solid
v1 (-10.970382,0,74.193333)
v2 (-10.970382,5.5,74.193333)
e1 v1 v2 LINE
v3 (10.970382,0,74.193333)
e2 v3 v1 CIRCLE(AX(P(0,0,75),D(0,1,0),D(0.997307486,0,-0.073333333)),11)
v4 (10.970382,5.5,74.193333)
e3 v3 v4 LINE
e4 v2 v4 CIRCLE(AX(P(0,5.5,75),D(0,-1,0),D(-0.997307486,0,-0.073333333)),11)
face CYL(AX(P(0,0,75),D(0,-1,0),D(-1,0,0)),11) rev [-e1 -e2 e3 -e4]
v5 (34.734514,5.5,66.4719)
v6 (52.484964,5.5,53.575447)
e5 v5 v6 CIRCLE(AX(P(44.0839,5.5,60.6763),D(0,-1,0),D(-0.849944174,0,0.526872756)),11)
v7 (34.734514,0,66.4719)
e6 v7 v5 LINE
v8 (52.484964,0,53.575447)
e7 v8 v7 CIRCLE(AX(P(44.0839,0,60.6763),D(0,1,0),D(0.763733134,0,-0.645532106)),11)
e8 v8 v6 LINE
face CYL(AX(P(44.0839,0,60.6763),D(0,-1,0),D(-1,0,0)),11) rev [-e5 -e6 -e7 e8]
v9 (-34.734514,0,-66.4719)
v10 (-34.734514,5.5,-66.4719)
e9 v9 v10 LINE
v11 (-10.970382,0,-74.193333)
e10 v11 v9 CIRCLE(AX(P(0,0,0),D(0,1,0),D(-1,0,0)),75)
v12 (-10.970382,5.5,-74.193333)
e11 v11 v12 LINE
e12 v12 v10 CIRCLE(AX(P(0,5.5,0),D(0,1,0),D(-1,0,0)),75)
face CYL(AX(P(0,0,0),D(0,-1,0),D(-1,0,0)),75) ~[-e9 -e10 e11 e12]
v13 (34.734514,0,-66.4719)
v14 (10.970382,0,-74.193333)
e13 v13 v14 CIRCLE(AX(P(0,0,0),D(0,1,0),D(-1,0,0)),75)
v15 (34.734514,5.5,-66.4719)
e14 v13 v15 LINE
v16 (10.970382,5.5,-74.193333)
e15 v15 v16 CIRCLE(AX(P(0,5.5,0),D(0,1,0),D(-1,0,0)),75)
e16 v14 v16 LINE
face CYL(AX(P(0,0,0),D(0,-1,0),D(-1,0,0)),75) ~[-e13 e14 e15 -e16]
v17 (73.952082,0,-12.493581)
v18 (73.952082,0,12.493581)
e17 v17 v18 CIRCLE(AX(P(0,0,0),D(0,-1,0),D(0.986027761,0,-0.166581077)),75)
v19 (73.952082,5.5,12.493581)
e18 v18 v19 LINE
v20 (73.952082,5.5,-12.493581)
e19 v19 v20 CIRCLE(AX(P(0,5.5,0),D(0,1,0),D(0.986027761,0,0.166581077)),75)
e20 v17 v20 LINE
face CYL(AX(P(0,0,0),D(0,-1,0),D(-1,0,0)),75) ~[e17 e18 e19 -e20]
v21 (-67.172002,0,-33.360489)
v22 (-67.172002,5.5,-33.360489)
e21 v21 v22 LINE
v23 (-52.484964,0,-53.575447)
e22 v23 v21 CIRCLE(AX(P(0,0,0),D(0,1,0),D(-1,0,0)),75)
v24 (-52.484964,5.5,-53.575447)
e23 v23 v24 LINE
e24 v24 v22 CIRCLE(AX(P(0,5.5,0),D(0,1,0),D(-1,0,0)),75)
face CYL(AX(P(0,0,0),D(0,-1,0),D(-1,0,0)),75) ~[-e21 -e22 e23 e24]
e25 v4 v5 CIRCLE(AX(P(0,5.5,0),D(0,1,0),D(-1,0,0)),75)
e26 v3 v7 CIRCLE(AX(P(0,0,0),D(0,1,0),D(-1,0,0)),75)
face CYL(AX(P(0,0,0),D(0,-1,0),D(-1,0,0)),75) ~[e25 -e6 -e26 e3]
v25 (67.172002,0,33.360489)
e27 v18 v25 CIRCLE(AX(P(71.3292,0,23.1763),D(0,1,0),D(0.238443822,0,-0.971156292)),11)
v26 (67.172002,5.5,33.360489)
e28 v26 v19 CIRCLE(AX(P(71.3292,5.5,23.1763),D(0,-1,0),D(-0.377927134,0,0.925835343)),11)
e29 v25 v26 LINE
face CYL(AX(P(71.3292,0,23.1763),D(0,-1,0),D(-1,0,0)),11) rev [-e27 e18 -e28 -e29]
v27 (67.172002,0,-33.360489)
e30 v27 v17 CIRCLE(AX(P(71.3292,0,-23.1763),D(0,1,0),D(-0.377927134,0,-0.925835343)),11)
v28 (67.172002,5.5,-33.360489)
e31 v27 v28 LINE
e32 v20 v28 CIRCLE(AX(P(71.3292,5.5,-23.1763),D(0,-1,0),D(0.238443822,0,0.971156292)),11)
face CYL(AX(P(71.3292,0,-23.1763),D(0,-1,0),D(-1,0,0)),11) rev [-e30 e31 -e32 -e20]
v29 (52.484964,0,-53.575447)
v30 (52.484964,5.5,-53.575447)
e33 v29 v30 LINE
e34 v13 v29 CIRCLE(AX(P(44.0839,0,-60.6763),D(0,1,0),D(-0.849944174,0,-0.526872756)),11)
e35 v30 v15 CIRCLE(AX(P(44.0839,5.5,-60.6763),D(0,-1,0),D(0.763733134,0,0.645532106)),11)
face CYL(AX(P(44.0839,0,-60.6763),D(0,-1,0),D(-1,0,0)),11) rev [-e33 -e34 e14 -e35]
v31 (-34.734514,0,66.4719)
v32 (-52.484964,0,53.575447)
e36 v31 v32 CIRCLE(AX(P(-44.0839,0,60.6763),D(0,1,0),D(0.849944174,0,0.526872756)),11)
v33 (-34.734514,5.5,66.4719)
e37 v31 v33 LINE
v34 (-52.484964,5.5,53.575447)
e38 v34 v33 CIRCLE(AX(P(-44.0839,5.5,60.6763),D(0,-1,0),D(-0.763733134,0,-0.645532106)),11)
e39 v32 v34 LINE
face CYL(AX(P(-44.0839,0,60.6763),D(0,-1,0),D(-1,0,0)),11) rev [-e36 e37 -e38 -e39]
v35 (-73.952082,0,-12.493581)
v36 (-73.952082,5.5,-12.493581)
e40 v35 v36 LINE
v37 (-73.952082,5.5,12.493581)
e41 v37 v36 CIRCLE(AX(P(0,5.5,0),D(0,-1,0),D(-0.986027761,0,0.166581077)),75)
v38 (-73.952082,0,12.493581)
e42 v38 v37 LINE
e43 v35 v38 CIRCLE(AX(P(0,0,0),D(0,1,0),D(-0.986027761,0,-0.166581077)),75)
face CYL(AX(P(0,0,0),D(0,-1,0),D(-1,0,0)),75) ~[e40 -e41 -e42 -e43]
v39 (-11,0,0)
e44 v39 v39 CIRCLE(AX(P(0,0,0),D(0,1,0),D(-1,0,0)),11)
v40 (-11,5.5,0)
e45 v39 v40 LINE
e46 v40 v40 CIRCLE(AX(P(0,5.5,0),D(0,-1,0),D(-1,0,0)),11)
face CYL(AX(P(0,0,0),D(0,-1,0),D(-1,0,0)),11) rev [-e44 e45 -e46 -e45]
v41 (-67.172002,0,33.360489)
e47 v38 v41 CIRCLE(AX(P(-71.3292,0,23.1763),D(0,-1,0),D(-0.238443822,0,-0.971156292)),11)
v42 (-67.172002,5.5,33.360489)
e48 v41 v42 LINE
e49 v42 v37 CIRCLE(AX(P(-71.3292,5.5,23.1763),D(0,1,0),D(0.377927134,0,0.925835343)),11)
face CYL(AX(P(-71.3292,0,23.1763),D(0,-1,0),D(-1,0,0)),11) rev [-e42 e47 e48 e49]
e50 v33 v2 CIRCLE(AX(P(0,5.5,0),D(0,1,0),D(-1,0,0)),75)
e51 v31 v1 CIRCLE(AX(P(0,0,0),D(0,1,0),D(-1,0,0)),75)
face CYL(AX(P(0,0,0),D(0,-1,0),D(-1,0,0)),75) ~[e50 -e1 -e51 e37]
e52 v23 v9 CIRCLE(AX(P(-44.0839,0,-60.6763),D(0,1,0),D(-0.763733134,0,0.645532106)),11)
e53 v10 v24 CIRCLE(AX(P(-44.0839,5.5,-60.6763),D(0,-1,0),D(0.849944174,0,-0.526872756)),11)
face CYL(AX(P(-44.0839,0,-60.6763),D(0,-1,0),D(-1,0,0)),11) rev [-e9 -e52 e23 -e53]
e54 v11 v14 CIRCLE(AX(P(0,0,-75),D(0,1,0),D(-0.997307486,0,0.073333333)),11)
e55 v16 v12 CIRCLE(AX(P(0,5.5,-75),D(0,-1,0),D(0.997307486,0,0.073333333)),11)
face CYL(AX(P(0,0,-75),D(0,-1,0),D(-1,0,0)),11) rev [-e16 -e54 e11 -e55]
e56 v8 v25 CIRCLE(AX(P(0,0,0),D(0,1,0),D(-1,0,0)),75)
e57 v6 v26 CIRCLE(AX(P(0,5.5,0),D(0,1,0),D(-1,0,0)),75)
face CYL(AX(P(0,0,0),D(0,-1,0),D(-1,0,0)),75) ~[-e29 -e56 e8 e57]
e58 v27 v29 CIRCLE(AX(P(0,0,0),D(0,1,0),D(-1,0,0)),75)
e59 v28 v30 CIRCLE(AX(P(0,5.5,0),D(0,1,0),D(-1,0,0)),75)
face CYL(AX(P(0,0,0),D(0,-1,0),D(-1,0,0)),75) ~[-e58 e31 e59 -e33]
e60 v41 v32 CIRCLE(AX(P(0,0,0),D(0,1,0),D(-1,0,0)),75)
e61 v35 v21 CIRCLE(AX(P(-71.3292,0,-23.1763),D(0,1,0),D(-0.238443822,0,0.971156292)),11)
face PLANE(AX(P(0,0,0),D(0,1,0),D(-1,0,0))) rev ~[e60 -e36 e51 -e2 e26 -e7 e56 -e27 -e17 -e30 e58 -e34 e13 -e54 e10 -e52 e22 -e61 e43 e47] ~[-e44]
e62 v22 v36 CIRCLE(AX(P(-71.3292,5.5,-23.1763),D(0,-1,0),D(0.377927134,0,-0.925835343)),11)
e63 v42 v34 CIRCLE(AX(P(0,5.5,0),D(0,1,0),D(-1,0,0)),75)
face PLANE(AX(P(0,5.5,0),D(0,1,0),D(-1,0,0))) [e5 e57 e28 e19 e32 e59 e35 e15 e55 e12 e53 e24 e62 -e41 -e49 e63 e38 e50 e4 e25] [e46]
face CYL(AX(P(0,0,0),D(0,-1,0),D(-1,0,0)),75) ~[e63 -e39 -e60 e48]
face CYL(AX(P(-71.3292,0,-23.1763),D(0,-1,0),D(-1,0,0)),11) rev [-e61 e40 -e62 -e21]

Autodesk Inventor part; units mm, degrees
ref_plane "YZ Plane" through (0, 0, 0) normal (1, 0, 0) x (0, 1, 0)
ref_plane "XZ Plane" through (0, 0, 0) normal (0, 1, 0) x (-1, 0, 0)
ref_plane "XY Plane" through (0, 0, 0) normal (0, 0, 1) x (1, 0, 0)
sketch "スケッチ1" plane through (0, 0, 0) normal (0, 1, 0) x (-1, 0, 0)
  circle A0 centre (0, 0) radius 75 construction
  circle A1 centre (0, 0) radius 56.25 construction
  circle A2 centre (0, 0) radius 90 construction
  line L0 (89.2264, 11.775) -> (49.8187, 26.1182)
  line L1 (89.2264, -11.775) -> (49.8187, -26.1182)
  line L2 (126, 0) -> (-126, 0) projected
  line L3 (89.2264, 11.775) -> (89.2264, -11.775)
  line L4 (65.2645, 61.9721) -> (24.9522, 50.4128)
  line L5 (79.1068, 42.9198) -> (55.6561, 8.1526)
  line L6 (65.2645, 61.9721) -> (79.1068, 42.9198)
  line L7 (16.3738, 88.498) -> (-9.4451, 55.4514)
  line L8 (38.7712, 81.2207) -> (40.2347, 39.3094)
  line L9 (16.3738, 88.498) -> (38.7712, 81.2207)
  line L10 (-38.7712, 81.2207) -> (-40.2347, 39.3094)
  line L11 (-16.3738, 88.498) -> (9.4451, 55.4514)
  line L12 (-38.7712, 81.2207) -> (-16.3738, 88.498)
  line L13 (-79.1068, 42.9198) -> (-55.6561, 8.1526)
  line L14 (-65.2645, 61.9721) -> (-24.9522, 50.4128)
  line L15 (-79.1068, 42.9198) -> (-65.2645, 61.9721)
  line L16 (-89.2264, -11.775) -> (-49.8187, -26.1182)
  line L17 (-89.2264, 11.775) -> (-49.8187, 26.1182)
  line L18 (-89.2264, -11.775) -> (-89.2264, 11.775)
  line L19 (-65.2645, -61.9721) -> (-24.9522, -50.4128)
  line L20 (-79.1068, -42.9198) -> (-55.6561, -8.1526)
  line L21 (-65.2645, -61.9721) -> (-79.1068, -42.9198)
  line L22 (-16.3738, -88.498) -> (9.4451, -55.4514)
  line L23 (-38.7712, -81.2207) -> (-40.2347, -39.3094)
  line L24 (-16.3738, -88.498) -> (-38.7712, -81.2207)
  line L25 (38.7712, -81.2207) -> (40.2347, -39.3094)
  line L26 (16.3738, -88.498) -> (-9.4451, -55.4514)
  line L27 (38.7712, -81.2207) -> (16.3738, -88.498)
  line L28 (79.1068, -42.9198) -> (55.6561, -8.1526)
  line L29 (65.2645, -61.9721) -> (24.9522, -50.4128)
  line L30 (79.1068, -42.9198) -> (65.2645, -61.9721)
  line L31 (72.8751, -17.7264) -> (69.3765, -28.4939) construction
  circle A3 centre (71.3292, -23.1763) radius 11
  line L32 (73.1573, -12.3292) -> (0, 0) construction
  line L33 (0, 0) -> (66.4324, -33.0262) construction
  line L34 (71.3292, -23.1763) -> (0, 0) construction
  circle A4 centre (71.3292, 23.1763) radius 11
  circle A5 centre (44.0839, 60.6763) radius 11
  circle A6 centre (0, 75) radius 11
  circle A7 centre (-44.0839, 60.6763) radius 11
  circle A8 centre (-71.3292, 23.1763) radius 11
  circle A9 centre (-71.3292, -23.1763) radius 11
  circle A10 centre (-44.0839, -60.6763) radius 11
  circle A11 centre (0, -75) radius 11
  circle A12 centre (44.0839, -60.6763) radius 11
  circle A13 centre (0, 0) radius 75
  circle A14 centre (0, 0) radius 11
  point P0 (71.1258, -23.1102)
  point P1 (66.4324, 33.0262)
  point P2 (73.1573, 12.3292)
  point P3 (34.3326, 65.7668)
  point P4 (51.9386, 52.9753)
  point P5 (-10.881, 73.3867)
  point P6 (10.881, 73.3867)
  point P7 (-51.9386, 52.9753)
  point P8 (-34.3326, 65.7668)
  point P9 (-73.1573, 12.3292)
  point P10 (-66.4324, 33.0262)
  point P11 (-66.4324, -33.0262)
  point P12 (-73.1573, -12.3292)
  point P13 (-34.3326, -65.7668)
  point P14 (-51.9386, -52.9753)
  point P15 (10.881, -73.3867)
  point P16 (-10.881, -73.3867)
  point P17 (51.9386, -52.9753)
  point P18 (34.3326, -65.7668)
  point P19 (73.9521, 12.4935)
  point P20 (67.172, 33.3605)
  point P21 (52.485, 53.5754)
  point P22 (34.7345, 66.4719)
  point P23 (10.9704, 74.1933)
  point P24 (-10.9704, 74.1933)
  point P25 (-34.7345, 66.4719)
  point P26 (-52.485, 53.5754)
  point P27 (-67.172, 33.3605)
  point P28 (-73.9521, 12.4935)
  point P29 (-73.9521, -12.4935)
  point P30 (-67.172, -33.3605)
  point P31 (-52.485, -53.5754)
  point P32 (-34.7345, -66.4719)
  point P33 (-10.9704, -74.1933)
  point P34 (10.9704, -74.1933)
  point P35 (34.7345, -66.4719)
  point P36 (52.485, -53.5754)
  point P37 (67.172, -33.3605)
  point P38 (73.9521, -12.4935)
  dimension "d0" = 150
  dimension "d1" = 112.5
  dimension "d2" = 180
  dimension "d3" = 20
  dimension "d4" = 20
  dimension "d5" = 23.55
  dimension "d17" = 360
  dimension "d19" = 22
  dimension "d22" = 360
  dimension "d26" = 22
extrude "押し出し2" add sketch "スケッチ1" along normal blind 5.5 contours A13 L2 A14 A8 A7 A6 A5 A4 | A13 A3 A12 A11 A10 A9 L2 A14
equation "\"d4\" = d3"
properties part number "M15_10"
